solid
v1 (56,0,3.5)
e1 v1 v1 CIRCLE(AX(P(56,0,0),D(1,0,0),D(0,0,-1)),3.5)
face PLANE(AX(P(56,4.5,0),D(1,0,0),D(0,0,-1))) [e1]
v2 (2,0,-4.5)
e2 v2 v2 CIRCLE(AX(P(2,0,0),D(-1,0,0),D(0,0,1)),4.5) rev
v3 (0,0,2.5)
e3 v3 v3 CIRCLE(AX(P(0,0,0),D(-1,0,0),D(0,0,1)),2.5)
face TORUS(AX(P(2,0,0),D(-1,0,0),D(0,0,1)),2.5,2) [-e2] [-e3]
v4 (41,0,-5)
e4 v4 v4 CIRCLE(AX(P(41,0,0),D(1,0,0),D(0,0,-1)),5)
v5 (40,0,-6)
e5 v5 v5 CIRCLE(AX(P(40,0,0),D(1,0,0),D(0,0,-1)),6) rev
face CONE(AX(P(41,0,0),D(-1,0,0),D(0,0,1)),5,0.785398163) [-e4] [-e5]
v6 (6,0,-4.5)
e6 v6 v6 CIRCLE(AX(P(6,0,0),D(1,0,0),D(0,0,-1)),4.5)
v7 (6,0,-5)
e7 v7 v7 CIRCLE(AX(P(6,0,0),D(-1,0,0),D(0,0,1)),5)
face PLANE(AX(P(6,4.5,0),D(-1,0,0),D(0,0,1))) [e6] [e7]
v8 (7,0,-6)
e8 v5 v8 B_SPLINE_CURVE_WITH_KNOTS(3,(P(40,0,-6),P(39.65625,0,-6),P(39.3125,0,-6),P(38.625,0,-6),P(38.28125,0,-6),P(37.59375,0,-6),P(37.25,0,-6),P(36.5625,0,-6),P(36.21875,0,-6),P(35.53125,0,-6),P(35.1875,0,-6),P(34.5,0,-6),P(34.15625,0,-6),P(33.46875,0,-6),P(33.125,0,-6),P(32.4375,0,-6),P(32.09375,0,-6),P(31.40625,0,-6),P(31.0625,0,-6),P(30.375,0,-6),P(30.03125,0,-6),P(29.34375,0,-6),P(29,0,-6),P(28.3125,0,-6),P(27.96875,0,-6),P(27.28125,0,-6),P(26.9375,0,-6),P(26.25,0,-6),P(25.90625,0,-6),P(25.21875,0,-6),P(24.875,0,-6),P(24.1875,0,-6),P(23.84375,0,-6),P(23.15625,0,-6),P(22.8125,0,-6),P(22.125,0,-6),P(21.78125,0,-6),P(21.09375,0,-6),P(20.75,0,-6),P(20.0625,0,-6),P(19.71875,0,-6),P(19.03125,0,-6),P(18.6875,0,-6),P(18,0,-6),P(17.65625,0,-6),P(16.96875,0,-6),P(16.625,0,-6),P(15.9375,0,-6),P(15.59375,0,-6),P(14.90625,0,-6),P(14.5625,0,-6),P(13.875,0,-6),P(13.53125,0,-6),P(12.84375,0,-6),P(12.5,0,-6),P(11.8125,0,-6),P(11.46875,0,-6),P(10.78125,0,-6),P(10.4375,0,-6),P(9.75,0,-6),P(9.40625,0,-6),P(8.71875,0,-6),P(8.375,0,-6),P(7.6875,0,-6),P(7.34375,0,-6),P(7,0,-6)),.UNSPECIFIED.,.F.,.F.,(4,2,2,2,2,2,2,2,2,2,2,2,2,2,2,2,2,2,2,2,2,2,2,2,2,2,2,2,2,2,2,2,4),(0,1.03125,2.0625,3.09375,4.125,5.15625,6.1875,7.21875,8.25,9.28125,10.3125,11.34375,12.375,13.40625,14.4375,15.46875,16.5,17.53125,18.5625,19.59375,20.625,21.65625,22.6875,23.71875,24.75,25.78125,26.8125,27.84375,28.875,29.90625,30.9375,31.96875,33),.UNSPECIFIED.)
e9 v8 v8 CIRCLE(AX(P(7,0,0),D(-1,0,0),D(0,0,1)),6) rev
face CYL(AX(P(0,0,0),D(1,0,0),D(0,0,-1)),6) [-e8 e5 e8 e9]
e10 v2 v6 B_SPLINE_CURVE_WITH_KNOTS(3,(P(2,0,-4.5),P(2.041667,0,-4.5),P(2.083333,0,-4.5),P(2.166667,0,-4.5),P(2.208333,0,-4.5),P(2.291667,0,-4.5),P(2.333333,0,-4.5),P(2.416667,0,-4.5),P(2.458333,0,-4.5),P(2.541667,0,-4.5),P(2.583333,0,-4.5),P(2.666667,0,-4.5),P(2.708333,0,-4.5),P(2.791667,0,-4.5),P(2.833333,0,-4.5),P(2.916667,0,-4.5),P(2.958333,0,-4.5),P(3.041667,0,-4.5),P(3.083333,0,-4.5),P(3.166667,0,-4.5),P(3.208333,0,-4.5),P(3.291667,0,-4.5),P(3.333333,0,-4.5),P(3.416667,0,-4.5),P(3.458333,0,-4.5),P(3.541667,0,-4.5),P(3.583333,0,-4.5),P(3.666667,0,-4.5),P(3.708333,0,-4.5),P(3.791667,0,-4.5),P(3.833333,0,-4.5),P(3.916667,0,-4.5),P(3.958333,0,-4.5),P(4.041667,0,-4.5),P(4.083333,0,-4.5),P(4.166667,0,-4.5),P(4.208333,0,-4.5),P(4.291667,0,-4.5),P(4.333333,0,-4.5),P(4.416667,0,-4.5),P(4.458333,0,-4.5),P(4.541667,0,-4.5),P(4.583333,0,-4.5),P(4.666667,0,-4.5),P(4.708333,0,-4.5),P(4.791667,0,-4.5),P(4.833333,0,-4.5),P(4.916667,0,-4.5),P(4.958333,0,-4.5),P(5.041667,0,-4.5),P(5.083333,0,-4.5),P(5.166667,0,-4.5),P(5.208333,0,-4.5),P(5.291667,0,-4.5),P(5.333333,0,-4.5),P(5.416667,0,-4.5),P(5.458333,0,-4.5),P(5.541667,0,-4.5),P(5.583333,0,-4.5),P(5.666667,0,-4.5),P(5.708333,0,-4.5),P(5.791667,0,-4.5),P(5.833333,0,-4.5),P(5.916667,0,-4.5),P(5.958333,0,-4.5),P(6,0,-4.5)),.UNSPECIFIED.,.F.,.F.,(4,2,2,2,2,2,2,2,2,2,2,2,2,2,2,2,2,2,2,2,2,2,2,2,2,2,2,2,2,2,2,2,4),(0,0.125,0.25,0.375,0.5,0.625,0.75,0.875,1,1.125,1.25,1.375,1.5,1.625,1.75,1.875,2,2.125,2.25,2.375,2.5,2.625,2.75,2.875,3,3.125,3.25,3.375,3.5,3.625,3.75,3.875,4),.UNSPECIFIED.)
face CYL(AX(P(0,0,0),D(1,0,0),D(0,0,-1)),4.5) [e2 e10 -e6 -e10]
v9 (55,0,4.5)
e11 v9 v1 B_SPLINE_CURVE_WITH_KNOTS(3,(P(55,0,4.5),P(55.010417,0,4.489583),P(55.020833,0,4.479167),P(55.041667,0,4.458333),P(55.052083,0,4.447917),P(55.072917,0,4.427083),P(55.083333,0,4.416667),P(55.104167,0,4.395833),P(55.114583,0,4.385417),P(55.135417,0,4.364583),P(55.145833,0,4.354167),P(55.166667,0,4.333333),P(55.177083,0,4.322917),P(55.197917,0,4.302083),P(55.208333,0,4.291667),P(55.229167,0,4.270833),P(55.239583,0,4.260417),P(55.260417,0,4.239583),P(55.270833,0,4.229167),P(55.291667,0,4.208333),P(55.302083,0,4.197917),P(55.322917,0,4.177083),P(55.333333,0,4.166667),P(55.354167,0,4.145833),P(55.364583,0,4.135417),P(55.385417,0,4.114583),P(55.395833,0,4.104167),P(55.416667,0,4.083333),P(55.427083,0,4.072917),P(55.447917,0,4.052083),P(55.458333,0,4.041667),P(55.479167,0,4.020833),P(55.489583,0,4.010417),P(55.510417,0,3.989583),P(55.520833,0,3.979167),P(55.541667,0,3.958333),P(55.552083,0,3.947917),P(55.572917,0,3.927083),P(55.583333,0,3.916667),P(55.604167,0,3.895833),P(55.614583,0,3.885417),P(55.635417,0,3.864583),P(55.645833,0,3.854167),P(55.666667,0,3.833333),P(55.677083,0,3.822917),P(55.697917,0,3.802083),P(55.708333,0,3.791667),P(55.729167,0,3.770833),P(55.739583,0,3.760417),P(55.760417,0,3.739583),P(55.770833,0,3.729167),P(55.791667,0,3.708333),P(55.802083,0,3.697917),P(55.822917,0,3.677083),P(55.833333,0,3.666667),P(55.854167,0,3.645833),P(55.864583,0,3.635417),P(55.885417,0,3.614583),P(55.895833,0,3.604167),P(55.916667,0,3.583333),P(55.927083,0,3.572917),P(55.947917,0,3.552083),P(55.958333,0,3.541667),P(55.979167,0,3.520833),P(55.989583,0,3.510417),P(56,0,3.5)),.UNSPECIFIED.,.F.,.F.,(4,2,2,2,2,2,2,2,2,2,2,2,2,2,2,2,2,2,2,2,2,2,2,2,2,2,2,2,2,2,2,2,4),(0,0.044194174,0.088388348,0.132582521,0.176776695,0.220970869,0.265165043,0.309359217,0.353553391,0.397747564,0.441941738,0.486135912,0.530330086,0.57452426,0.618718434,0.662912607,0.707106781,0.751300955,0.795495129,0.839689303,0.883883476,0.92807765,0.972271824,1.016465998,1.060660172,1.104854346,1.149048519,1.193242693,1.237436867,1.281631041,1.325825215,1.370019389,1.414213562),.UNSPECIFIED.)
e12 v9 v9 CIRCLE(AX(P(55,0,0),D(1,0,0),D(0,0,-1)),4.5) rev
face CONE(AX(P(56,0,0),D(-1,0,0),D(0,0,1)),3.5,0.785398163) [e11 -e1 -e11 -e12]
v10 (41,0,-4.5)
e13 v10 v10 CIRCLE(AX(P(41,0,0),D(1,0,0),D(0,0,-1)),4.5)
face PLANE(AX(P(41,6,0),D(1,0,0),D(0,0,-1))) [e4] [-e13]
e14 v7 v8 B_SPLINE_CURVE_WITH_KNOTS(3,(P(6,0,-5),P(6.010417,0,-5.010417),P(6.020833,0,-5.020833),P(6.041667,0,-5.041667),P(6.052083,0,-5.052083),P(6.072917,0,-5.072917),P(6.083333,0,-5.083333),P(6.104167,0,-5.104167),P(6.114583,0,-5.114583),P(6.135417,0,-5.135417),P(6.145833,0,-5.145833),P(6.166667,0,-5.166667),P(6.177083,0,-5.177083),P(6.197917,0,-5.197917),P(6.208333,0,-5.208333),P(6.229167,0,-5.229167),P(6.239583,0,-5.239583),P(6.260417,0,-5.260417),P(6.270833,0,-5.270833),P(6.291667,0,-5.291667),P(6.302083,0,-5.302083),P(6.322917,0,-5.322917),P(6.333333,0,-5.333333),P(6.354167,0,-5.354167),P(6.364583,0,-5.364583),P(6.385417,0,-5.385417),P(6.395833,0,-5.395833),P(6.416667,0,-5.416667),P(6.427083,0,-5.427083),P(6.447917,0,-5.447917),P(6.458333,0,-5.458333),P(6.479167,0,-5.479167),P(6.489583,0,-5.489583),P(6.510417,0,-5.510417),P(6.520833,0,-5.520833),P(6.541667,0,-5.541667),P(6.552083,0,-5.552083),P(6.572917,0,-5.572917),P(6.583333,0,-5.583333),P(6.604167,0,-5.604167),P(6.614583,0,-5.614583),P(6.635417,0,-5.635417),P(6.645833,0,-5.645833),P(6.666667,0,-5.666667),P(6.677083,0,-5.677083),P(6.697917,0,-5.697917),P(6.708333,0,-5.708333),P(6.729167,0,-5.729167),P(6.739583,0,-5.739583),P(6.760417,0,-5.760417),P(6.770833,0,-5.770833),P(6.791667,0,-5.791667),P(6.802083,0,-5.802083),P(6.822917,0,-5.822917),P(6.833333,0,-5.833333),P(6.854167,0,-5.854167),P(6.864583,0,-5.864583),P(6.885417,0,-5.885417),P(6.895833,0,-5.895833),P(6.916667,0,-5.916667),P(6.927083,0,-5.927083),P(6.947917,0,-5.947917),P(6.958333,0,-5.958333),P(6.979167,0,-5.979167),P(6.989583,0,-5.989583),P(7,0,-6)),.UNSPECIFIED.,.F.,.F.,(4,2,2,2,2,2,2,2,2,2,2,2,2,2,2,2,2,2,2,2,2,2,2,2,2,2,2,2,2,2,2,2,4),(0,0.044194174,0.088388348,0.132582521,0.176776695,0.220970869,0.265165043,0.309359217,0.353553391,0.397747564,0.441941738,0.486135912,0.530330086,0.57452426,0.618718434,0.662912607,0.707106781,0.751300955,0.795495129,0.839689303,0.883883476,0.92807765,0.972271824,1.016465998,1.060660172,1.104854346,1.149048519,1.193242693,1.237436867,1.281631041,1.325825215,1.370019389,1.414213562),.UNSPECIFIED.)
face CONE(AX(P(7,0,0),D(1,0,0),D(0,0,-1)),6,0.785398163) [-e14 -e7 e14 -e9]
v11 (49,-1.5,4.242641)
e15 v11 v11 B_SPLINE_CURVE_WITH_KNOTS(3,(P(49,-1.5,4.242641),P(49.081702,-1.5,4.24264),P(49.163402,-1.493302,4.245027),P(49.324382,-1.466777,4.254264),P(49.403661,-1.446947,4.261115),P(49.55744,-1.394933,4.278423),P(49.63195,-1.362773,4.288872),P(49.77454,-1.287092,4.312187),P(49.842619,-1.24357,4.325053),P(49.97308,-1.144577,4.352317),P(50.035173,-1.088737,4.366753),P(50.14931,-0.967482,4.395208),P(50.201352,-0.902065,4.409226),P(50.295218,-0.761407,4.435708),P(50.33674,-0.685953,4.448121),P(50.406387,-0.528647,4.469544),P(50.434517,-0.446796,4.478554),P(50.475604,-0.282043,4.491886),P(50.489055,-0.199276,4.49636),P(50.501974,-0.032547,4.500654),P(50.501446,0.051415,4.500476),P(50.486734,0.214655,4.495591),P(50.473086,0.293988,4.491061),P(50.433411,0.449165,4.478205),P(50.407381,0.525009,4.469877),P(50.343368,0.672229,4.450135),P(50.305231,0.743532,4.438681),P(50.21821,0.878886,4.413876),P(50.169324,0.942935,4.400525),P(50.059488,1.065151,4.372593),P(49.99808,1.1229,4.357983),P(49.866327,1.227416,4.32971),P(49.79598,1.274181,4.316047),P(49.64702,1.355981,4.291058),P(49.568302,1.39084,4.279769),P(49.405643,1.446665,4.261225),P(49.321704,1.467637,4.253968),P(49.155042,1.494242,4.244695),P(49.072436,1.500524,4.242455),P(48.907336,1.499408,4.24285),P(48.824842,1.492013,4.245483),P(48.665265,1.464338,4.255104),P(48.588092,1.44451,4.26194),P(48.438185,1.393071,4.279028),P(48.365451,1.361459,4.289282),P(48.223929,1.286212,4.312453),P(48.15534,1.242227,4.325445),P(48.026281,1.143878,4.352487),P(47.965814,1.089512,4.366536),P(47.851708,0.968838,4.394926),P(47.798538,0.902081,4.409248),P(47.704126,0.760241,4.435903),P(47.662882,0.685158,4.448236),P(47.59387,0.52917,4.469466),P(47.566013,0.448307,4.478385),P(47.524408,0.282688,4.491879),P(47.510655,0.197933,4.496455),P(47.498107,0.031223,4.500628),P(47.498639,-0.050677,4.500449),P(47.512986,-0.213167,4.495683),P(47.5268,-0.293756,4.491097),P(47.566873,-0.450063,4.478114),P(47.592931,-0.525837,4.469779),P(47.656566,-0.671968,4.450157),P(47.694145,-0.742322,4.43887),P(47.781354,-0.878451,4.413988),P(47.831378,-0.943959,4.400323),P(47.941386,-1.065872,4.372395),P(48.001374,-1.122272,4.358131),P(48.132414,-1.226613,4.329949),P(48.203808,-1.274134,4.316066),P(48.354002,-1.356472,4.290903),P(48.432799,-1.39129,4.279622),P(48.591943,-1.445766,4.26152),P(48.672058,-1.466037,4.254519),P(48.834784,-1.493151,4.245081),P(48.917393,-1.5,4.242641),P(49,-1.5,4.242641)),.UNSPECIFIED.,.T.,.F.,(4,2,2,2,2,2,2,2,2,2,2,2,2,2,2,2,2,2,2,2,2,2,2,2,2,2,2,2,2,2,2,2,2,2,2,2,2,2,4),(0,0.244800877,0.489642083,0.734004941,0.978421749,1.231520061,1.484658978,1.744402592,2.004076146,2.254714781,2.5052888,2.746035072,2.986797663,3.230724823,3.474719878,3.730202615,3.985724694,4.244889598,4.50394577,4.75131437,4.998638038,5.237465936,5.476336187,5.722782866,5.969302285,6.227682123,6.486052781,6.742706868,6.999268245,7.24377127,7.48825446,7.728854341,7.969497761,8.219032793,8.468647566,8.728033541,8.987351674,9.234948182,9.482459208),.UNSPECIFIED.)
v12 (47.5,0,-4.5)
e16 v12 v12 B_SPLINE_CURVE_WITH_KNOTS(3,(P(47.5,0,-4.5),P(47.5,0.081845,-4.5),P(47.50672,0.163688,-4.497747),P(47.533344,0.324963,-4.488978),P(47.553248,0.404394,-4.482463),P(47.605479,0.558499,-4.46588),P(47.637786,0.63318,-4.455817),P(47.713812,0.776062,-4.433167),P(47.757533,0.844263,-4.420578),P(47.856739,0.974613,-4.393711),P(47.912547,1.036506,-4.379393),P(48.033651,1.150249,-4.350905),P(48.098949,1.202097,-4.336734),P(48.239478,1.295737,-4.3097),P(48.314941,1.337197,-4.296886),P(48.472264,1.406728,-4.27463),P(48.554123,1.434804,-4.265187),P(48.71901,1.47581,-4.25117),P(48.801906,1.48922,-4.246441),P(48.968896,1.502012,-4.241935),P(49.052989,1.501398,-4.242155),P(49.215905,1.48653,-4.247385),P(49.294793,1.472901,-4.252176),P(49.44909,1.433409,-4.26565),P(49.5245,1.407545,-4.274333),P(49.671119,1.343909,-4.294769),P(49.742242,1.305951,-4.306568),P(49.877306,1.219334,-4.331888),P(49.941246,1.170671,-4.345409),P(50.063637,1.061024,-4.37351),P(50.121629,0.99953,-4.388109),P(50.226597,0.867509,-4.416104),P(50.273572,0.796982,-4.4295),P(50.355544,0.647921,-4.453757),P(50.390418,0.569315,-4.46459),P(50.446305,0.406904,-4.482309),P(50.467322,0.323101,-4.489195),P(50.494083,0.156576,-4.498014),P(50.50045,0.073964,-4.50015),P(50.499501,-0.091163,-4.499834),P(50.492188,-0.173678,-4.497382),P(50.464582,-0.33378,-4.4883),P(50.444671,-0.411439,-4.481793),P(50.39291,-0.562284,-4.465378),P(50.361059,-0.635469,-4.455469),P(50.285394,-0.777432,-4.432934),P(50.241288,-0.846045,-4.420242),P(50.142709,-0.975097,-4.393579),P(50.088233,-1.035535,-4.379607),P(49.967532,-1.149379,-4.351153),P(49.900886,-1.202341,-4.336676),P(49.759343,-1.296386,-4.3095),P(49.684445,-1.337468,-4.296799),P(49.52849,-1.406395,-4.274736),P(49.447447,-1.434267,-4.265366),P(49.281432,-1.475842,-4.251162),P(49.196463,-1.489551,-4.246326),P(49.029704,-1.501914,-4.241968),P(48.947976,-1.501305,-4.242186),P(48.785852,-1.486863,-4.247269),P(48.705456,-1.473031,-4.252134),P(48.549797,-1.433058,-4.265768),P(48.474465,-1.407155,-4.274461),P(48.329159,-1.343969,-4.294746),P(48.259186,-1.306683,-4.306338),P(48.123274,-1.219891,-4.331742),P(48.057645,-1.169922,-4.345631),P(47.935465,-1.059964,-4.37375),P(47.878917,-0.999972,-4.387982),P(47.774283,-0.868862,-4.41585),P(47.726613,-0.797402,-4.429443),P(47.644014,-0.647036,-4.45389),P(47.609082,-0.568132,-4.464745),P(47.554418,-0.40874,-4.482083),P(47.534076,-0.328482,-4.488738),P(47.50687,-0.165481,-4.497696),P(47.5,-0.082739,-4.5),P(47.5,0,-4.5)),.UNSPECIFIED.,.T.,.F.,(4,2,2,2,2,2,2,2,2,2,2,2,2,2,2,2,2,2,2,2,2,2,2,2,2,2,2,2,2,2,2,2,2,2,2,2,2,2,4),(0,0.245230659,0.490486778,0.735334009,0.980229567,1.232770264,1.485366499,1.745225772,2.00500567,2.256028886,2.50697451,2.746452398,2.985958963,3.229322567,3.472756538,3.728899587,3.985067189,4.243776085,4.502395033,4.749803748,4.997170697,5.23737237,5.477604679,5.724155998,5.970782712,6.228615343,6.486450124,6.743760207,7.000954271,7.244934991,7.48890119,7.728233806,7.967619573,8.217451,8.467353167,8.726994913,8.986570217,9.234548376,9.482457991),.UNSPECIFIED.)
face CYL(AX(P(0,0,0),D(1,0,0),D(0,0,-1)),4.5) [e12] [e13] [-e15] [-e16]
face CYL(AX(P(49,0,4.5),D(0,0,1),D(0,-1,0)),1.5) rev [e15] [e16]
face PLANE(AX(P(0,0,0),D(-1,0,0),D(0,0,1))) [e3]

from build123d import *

# Parameters (mm, degrees)
CHAMFER2_SIZE            = 1
FILLET1_R                = 2
F_3_0_3_DIAMETER_HOLE1_D = 3


with BuildPart() as part:
    # Sketch1 → Revolve1 (revolve)
    with BuildSketch(Plane.XY, mode=Mode.PRIVATE) as revolve1_sk:
        Polygon((0, 0), (0, 4.5), (6, 4.5), (6, 6), (41, 6), (41, 4.5), (56, 4.5), (56, 0), align=None)
    revolve(revolve1_sk.sketch.rotate(Axis((0, 0, 0), (-1, 0, 0)), 90), axis=Axis((0, 0, 0), (-1, 0, 0)))

    # Chamfer2
    chamfer2_edges = [part.edges().sort_by_distance(p)[0] for p in [
        (56, 0, 4.5),
        (41, 0, 6),
        (6, 0, 6),
    ]]
    chamfer(chamfer2_edges, length=CHAMFER2_SIZE)

    # Fillet1
    fillet1_edges = [part.edges().sort_by_distance(p)[0] for p in [
        (0, 0, 4.5),
    ]]
    fillet(fillet1_edges, radius=FILLET1_R)

    # Ø3.0 (3) Diameter Hole1 (through all)
    with Locations(Plane(origin=(49, 0, 4.5), x_dir=(0, 1, 0), z_dir=(0, 0, 1))):
        with Locations((0, 0)):
            Hole(F_3_0_3_DIAMETER_HOLE1_D / 2)


solid = part.part
